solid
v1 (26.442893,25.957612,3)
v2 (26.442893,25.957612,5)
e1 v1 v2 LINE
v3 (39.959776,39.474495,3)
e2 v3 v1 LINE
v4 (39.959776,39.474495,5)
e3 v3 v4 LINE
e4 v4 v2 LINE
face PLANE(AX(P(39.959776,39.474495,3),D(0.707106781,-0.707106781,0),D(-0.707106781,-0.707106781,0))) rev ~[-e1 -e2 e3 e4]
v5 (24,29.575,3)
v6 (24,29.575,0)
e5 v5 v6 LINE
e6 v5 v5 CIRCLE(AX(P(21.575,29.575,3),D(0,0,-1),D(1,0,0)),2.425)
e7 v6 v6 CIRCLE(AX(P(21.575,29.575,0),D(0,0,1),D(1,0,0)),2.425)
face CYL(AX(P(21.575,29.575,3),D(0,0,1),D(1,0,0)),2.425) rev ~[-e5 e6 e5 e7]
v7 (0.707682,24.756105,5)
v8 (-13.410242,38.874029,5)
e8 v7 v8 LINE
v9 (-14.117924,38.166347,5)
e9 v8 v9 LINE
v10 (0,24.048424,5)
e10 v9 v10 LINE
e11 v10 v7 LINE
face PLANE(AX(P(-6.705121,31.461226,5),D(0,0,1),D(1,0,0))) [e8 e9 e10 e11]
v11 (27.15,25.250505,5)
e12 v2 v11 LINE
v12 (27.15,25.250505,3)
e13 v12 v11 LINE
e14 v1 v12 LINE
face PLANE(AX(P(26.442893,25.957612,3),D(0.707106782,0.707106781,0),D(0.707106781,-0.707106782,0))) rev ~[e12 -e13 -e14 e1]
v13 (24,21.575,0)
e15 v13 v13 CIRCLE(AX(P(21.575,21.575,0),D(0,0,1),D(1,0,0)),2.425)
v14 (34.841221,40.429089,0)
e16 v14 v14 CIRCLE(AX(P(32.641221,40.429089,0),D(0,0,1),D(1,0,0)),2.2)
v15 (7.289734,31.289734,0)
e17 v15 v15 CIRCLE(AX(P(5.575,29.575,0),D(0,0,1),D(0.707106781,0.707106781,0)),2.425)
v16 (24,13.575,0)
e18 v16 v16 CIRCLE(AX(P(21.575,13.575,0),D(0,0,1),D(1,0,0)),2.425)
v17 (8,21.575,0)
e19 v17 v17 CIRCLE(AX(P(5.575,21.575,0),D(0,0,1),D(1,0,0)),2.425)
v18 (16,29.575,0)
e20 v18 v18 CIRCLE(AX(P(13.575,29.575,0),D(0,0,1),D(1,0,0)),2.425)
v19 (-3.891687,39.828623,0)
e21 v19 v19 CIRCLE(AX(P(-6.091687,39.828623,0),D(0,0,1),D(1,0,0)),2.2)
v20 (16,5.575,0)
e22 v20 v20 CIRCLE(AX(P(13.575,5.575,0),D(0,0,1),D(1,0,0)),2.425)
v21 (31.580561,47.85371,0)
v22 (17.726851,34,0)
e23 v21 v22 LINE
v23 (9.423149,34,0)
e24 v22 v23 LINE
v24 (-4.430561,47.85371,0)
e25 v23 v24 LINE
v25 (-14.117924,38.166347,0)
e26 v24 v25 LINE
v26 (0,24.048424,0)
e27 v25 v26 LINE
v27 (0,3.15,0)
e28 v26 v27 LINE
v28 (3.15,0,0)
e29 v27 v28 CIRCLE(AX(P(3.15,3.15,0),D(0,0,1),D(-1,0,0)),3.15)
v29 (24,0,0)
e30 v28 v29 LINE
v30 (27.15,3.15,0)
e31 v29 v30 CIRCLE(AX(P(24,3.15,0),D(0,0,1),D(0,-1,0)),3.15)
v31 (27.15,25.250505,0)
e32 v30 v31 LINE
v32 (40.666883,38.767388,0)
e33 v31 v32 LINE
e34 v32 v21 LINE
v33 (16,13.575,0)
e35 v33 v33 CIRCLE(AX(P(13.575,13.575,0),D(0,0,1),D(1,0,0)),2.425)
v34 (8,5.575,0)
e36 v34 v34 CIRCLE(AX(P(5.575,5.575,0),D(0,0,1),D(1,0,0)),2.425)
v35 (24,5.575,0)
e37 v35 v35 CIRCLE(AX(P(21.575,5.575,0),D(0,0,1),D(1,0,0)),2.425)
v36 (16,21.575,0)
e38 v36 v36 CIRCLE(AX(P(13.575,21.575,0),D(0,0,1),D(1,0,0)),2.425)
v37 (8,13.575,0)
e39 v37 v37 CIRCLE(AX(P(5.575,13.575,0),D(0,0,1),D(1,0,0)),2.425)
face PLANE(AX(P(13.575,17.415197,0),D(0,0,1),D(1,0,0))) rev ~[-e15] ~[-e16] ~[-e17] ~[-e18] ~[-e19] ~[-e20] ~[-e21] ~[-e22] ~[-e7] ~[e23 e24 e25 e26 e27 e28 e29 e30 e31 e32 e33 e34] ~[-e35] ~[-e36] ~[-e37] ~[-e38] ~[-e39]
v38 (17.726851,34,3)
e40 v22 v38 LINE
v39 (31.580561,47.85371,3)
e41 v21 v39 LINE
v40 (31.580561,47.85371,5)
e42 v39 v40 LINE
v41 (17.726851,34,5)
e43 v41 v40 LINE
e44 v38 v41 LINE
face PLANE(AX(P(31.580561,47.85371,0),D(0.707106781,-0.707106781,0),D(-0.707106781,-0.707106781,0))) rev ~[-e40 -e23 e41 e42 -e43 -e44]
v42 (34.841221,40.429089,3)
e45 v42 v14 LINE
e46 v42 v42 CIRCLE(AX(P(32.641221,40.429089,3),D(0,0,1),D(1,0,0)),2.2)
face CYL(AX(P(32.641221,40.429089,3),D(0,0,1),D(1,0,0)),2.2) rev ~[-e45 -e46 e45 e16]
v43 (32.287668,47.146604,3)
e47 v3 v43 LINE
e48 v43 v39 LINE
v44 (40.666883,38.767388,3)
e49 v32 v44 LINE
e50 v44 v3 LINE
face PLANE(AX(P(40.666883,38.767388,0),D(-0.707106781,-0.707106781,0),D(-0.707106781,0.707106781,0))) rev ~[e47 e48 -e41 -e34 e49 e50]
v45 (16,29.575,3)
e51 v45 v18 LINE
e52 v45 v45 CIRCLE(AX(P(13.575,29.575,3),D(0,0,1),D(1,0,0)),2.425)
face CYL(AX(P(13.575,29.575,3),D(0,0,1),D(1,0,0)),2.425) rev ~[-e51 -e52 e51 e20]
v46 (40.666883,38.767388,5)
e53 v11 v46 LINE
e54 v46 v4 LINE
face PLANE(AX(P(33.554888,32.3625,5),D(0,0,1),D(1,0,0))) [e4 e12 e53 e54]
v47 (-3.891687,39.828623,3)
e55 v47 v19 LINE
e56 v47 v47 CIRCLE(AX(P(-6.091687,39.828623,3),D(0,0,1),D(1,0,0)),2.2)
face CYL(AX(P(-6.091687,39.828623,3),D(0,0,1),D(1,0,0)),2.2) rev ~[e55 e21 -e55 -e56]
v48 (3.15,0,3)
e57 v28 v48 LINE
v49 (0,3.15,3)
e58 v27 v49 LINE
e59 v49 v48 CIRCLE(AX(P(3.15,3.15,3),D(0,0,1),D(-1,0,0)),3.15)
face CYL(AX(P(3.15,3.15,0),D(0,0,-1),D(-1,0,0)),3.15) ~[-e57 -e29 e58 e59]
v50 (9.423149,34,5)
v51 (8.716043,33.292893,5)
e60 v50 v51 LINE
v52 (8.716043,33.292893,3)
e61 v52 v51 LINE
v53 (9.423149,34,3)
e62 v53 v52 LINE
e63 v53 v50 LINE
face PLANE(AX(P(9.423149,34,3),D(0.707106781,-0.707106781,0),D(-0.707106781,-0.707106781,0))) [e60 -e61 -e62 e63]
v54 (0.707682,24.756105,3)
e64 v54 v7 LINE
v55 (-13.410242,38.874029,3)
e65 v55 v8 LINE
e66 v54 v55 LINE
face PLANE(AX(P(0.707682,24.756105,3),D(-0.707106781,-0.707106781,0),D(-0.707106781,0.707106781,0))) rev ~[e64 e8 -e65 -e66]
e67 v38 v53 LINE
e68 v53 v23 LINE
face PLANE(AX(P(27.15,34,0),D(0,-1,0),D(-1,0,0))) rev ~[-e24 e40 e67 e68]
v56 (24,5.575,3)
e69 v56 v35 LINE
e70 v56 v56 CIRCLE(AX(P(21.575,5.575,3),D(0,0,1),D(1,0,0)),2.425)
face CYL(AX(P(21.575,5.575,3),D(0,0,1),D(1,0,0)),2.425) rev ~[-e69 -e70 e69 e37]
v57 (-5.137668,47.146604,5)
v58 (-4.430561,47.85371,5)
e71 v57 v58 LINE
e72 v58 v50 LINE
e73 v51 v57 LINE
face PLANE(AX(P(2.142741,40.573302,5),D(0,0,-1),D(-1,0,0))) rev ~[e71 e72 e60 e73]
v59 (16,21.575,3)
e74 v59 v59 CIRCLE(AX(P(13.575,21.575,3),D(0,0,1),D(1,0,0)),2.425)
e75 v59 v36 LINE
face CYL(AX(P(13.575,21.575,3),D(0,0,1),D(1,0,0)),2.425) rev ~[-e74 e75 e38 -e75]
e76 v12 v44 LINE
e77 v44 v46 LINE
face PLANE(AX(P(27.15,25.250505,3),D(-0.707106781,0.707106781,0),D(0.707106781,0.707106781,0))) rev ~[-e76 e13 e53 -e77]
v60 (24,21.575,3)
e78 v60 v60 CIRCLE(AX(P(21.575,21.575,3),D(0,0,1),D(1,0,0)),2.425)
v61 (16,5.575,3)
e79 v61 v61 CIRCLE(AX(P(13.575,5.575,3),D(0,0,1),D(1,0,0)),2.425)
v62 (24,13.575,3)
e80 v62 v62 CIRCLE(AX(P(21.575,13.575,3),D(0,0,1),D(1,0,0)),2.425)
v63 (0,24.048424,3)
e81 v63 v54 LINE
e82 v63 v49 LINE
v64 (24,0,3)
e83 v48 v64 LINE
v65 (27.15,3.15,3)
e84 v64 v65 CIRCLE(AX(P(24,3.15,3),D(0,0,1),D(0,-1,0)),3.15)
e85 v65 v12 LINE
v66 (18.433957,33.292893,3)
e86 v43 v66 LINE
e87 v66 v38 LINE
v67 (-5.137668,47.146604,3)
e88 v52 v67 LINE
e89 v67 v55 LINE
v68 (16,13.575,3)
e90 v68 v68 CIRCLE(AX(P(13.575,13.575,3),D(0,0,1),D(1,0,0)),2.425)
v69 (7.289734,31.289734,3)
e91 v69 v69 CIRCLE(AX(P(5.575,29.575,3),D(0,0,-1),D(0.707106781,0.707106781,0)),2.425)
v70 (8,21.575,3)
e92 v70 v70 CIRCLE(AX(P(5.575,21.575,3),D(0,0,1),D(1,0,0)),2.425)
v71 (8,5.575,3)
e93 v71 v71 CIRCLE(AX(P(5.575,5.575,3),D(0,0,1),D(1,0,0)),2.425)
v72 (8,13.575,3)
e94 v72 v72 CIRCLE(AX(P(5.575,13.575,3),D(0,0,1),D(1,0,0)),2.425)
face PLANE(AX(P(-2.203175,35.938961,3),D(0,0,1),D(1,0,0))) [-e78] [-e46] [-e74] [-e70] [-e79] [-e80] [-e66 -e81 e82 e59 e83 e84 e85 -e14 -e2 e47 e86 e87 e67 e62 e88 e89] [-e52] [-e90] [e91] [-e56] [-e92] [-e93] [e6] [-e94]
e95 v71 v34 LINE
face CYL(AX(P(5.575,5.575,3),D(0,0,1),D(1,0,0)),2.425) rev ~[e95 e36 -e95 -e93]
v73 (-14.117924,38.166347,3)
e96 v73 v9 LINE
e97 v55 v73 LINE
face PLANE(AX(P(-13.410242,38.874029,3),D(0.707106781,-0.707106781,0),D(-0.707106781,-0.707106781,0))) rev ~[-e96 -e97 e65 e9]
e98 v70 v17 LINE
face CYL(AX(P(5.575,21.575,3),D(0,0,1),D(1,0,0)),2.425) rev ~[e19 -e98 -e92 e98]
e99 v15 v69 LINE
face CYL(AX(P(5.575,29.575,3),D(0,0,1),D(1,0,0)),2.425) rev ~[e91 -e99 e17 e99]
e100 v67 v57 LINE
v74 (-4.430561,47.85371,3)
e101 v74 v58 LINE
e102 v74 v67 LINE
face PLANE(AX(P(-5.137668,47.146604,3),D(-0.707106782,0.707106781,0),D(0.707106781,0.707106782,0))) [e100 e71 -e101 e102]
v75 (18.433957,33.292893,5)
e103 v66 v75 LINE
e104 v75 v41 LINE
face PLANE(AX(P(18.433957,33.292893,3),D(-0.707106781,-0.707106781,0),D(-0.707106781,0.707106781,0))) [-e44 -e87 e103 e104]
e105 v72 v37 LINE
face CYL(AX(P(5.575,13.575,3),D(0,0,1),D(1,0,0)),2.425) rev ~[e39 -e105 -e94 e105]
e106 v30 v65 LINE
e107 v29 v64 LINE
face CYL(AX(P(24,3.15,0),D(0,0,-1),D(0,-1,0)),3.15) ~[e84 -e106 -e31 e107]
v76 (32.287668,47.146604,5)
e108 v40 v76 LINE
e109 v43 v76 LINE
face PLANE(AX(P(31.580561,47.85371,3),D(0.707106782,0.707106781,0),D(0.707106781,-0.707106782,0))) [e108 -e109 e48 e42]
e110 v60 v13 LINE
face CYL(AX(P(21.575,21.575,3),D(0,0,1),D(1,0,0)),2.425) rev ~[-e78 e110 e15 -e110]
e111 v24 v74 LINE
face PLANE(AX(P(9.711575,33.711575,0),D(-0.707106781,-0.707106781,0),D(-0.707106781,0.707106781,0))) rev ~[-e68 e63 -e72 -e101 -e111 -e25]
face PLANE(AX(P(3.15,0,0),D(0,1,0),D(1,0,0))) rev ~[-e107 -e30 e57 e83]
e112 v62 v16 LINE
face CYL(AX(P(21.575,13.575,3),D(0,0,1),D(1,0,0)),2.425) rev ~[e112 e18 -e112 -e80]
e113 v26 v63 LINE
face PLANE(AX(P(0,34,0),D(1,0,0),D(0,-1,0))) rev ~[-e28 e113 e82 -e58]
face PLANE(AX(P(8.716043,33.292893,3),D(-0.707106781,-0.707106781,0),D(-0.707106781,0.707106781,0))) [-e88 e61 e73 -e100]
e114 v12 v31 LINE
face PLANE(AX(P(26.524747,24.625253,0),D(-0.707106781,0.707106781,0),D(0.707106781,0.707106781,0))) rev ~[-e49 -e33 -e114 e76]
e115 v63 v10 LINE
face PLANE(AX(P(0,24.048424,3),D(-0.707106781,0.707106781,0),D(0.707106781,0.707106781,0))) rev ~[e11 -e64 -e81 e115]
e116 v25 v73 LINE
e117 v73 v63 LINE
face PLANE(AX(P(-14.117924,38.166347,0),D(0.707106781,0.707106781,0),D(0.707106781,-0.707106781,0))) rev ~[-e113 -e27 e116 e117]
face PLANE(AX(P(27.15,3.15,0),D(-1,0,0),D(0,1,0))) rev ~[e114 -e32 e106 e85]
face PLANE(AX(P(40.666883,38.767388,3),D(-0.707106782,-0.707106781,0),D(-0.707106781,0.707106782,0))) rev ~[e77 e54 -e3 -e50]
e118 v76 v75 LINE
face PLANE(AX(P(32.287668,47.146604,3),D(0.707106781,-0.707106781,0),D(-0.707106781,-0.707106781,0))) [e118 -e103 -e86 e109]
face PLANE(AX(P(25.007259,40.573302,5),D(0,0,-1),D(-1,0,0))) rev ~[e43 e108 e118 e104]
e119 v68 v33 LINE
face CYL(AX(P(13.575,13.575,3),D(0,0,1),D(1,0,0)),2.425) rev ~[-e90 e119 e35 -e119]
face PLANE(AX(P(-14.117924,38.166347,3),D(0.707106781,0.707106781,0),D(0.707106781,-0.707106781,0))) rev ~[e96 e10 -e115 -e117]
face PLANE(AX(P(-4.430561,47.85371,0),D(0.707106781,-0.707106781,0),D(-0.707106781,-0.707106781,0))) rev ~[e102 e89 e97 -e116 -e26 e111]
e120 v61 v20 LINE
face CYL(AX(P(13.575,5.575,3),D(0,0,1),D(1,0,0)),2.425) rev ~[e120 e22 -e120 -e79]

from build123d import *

# Parameters (mm, degrees)
BOSS_EXTRUDE1_DEPTH = 3
SKETCH2_R           = 2.425
CUT_EXTRUDE1_DEPTH  = 3
BOSS_EXTRUDE3_DEPTH = 3
BOSS_EXTRUDE4_DEPTH = 2
SKETCH7_R           = 2.425
SKETCH7_R_2         = 2.2
CUT_EXTRUDE4_DEPTH  = 12


with BuildPart() as part:
    # Sketch1 → Boss-Extrude1 (new body)
    with BuildSketch(Plane.XY):
        with BuildLine():
            Line((3.15, 0), (24, 0))
            ThreePointArc((24, 0), (26.227386361, 0.922613639), (27.15, 3.15))
            Line((27.15, 3.15), (27.15, 34))
            Line((27.15, 34), (0, 34))
            Line((0, 34), (0, 3.15))
            ThreePointArc((0, 3.15), (0.922613639, 0.922613639), (3.15, 0))
        make_face()
    extrude(amount=BOSS_EXTRUDE1_DEPTH)

    # Sketch2 → Cut-Extrude1 (cut)
    with BuildSketch(Plane.XY.offset(3)):
        with Locations((5.575, 5.575)):
            Circle(SKETCH2_R)
        with Locations((13.575, 5.575)):
            Circle(SKETCH2_R)
        with Locations((21.575, 5.575)):
            Circle(SKETCH2_R)
        with Locations((13.575, 13.575)):
            Circle(SKETCH2_R)
        with Locations((21.575, 13.575)):
            Circle(SKETCH2_R)
        with Locations((5.575, 13.575)):
            Circle(SKETCH2_R)
        with Locations((13.575, 21.575)):
            Circle(SKETCH2_R)
        with Locations((21.575, 21.575)):
            Circle(SKETCH2_R)
        with Locations((5.575, 21.575)):
            Circle(SKETCH2_R)
        with Locations((5.575, 29.575)):
            Circle(SKETCH2_R)
        with Locations((13.575, 29.575)):
            Circle(SKETCH2_R)
        with Locations((21.575, 29.575)):
            Circle(SKETCH2_R)
    extrude(amount=-CUT_EXTRUDE1_DEPTH, mode=Mode.SUBTRACT)

    # Sketch3 → Boss-Extrude3 (add)
    with BuildSketch(Plane.XY):
        Polygon((0.024211768, 24.024211768), (9.71157467, 33.71157467), (-4.430560954, 47.853710294), (-14.117923856, 38.166347391), align=None)
        Polygon((17.43842533, 33.71157467), (26.524747468, 24.625252532), (40.666883092, 38.767388155), (31.580560954, 47.853710294), align=None)
    extrude(amount=BOSS_EXTRUDE3_DEPTH)

    # Sketch6 → Boss-Extrude4 (add)
    with BuildSketch(Plane.XY.offset(3)):
        Polygon((-14.117923856, 38.166347391), (0, 24.048423535), (0.707681609, 24.756105144), (-13.410242247, 38.874029), align=None)
        Polygon((-4.430560954, 47.853710294), (9.42314934, 34), (8.716042559, 33.292893219), (-5.137667735, 47.146603512), align=None)
        Polygon((17.72685066, 34), (31.580560954, 47.853710294), (32.287667735, 47.146603512), (18.433957441, 33.292893219), align=None)
        Polygon((27.15, 25.250505063), (40.666883092, 38.767388155), (39.959776311, 39.474494937), (26.442893219, 25.957611845), align=None)
    extrude(amount=BOSS_EXTRUDE4_DEPTH)

    # Sketch7 → Cut-Extrude4 (cut)
    with BuildSketch(Plane.XY.offset(3)):
        with Locations((5.575, 29.575)):
            Circle(SKETCH7_R)
        with Locations((21.575, 29.575)):
            Circle(SKETCH7_R)
        with Locations((-6.091687062, 39.828623155)):
            Circle(SKETCH7_R_2)
        with Locations((32.641221126, 40.429089091)):
            Circle(SKETCH7_R_2)
    extrude(amount=-CUT_EXTRUDE4_DEPTH, mode=Mode.SUBTRACT)


solid = part.part
